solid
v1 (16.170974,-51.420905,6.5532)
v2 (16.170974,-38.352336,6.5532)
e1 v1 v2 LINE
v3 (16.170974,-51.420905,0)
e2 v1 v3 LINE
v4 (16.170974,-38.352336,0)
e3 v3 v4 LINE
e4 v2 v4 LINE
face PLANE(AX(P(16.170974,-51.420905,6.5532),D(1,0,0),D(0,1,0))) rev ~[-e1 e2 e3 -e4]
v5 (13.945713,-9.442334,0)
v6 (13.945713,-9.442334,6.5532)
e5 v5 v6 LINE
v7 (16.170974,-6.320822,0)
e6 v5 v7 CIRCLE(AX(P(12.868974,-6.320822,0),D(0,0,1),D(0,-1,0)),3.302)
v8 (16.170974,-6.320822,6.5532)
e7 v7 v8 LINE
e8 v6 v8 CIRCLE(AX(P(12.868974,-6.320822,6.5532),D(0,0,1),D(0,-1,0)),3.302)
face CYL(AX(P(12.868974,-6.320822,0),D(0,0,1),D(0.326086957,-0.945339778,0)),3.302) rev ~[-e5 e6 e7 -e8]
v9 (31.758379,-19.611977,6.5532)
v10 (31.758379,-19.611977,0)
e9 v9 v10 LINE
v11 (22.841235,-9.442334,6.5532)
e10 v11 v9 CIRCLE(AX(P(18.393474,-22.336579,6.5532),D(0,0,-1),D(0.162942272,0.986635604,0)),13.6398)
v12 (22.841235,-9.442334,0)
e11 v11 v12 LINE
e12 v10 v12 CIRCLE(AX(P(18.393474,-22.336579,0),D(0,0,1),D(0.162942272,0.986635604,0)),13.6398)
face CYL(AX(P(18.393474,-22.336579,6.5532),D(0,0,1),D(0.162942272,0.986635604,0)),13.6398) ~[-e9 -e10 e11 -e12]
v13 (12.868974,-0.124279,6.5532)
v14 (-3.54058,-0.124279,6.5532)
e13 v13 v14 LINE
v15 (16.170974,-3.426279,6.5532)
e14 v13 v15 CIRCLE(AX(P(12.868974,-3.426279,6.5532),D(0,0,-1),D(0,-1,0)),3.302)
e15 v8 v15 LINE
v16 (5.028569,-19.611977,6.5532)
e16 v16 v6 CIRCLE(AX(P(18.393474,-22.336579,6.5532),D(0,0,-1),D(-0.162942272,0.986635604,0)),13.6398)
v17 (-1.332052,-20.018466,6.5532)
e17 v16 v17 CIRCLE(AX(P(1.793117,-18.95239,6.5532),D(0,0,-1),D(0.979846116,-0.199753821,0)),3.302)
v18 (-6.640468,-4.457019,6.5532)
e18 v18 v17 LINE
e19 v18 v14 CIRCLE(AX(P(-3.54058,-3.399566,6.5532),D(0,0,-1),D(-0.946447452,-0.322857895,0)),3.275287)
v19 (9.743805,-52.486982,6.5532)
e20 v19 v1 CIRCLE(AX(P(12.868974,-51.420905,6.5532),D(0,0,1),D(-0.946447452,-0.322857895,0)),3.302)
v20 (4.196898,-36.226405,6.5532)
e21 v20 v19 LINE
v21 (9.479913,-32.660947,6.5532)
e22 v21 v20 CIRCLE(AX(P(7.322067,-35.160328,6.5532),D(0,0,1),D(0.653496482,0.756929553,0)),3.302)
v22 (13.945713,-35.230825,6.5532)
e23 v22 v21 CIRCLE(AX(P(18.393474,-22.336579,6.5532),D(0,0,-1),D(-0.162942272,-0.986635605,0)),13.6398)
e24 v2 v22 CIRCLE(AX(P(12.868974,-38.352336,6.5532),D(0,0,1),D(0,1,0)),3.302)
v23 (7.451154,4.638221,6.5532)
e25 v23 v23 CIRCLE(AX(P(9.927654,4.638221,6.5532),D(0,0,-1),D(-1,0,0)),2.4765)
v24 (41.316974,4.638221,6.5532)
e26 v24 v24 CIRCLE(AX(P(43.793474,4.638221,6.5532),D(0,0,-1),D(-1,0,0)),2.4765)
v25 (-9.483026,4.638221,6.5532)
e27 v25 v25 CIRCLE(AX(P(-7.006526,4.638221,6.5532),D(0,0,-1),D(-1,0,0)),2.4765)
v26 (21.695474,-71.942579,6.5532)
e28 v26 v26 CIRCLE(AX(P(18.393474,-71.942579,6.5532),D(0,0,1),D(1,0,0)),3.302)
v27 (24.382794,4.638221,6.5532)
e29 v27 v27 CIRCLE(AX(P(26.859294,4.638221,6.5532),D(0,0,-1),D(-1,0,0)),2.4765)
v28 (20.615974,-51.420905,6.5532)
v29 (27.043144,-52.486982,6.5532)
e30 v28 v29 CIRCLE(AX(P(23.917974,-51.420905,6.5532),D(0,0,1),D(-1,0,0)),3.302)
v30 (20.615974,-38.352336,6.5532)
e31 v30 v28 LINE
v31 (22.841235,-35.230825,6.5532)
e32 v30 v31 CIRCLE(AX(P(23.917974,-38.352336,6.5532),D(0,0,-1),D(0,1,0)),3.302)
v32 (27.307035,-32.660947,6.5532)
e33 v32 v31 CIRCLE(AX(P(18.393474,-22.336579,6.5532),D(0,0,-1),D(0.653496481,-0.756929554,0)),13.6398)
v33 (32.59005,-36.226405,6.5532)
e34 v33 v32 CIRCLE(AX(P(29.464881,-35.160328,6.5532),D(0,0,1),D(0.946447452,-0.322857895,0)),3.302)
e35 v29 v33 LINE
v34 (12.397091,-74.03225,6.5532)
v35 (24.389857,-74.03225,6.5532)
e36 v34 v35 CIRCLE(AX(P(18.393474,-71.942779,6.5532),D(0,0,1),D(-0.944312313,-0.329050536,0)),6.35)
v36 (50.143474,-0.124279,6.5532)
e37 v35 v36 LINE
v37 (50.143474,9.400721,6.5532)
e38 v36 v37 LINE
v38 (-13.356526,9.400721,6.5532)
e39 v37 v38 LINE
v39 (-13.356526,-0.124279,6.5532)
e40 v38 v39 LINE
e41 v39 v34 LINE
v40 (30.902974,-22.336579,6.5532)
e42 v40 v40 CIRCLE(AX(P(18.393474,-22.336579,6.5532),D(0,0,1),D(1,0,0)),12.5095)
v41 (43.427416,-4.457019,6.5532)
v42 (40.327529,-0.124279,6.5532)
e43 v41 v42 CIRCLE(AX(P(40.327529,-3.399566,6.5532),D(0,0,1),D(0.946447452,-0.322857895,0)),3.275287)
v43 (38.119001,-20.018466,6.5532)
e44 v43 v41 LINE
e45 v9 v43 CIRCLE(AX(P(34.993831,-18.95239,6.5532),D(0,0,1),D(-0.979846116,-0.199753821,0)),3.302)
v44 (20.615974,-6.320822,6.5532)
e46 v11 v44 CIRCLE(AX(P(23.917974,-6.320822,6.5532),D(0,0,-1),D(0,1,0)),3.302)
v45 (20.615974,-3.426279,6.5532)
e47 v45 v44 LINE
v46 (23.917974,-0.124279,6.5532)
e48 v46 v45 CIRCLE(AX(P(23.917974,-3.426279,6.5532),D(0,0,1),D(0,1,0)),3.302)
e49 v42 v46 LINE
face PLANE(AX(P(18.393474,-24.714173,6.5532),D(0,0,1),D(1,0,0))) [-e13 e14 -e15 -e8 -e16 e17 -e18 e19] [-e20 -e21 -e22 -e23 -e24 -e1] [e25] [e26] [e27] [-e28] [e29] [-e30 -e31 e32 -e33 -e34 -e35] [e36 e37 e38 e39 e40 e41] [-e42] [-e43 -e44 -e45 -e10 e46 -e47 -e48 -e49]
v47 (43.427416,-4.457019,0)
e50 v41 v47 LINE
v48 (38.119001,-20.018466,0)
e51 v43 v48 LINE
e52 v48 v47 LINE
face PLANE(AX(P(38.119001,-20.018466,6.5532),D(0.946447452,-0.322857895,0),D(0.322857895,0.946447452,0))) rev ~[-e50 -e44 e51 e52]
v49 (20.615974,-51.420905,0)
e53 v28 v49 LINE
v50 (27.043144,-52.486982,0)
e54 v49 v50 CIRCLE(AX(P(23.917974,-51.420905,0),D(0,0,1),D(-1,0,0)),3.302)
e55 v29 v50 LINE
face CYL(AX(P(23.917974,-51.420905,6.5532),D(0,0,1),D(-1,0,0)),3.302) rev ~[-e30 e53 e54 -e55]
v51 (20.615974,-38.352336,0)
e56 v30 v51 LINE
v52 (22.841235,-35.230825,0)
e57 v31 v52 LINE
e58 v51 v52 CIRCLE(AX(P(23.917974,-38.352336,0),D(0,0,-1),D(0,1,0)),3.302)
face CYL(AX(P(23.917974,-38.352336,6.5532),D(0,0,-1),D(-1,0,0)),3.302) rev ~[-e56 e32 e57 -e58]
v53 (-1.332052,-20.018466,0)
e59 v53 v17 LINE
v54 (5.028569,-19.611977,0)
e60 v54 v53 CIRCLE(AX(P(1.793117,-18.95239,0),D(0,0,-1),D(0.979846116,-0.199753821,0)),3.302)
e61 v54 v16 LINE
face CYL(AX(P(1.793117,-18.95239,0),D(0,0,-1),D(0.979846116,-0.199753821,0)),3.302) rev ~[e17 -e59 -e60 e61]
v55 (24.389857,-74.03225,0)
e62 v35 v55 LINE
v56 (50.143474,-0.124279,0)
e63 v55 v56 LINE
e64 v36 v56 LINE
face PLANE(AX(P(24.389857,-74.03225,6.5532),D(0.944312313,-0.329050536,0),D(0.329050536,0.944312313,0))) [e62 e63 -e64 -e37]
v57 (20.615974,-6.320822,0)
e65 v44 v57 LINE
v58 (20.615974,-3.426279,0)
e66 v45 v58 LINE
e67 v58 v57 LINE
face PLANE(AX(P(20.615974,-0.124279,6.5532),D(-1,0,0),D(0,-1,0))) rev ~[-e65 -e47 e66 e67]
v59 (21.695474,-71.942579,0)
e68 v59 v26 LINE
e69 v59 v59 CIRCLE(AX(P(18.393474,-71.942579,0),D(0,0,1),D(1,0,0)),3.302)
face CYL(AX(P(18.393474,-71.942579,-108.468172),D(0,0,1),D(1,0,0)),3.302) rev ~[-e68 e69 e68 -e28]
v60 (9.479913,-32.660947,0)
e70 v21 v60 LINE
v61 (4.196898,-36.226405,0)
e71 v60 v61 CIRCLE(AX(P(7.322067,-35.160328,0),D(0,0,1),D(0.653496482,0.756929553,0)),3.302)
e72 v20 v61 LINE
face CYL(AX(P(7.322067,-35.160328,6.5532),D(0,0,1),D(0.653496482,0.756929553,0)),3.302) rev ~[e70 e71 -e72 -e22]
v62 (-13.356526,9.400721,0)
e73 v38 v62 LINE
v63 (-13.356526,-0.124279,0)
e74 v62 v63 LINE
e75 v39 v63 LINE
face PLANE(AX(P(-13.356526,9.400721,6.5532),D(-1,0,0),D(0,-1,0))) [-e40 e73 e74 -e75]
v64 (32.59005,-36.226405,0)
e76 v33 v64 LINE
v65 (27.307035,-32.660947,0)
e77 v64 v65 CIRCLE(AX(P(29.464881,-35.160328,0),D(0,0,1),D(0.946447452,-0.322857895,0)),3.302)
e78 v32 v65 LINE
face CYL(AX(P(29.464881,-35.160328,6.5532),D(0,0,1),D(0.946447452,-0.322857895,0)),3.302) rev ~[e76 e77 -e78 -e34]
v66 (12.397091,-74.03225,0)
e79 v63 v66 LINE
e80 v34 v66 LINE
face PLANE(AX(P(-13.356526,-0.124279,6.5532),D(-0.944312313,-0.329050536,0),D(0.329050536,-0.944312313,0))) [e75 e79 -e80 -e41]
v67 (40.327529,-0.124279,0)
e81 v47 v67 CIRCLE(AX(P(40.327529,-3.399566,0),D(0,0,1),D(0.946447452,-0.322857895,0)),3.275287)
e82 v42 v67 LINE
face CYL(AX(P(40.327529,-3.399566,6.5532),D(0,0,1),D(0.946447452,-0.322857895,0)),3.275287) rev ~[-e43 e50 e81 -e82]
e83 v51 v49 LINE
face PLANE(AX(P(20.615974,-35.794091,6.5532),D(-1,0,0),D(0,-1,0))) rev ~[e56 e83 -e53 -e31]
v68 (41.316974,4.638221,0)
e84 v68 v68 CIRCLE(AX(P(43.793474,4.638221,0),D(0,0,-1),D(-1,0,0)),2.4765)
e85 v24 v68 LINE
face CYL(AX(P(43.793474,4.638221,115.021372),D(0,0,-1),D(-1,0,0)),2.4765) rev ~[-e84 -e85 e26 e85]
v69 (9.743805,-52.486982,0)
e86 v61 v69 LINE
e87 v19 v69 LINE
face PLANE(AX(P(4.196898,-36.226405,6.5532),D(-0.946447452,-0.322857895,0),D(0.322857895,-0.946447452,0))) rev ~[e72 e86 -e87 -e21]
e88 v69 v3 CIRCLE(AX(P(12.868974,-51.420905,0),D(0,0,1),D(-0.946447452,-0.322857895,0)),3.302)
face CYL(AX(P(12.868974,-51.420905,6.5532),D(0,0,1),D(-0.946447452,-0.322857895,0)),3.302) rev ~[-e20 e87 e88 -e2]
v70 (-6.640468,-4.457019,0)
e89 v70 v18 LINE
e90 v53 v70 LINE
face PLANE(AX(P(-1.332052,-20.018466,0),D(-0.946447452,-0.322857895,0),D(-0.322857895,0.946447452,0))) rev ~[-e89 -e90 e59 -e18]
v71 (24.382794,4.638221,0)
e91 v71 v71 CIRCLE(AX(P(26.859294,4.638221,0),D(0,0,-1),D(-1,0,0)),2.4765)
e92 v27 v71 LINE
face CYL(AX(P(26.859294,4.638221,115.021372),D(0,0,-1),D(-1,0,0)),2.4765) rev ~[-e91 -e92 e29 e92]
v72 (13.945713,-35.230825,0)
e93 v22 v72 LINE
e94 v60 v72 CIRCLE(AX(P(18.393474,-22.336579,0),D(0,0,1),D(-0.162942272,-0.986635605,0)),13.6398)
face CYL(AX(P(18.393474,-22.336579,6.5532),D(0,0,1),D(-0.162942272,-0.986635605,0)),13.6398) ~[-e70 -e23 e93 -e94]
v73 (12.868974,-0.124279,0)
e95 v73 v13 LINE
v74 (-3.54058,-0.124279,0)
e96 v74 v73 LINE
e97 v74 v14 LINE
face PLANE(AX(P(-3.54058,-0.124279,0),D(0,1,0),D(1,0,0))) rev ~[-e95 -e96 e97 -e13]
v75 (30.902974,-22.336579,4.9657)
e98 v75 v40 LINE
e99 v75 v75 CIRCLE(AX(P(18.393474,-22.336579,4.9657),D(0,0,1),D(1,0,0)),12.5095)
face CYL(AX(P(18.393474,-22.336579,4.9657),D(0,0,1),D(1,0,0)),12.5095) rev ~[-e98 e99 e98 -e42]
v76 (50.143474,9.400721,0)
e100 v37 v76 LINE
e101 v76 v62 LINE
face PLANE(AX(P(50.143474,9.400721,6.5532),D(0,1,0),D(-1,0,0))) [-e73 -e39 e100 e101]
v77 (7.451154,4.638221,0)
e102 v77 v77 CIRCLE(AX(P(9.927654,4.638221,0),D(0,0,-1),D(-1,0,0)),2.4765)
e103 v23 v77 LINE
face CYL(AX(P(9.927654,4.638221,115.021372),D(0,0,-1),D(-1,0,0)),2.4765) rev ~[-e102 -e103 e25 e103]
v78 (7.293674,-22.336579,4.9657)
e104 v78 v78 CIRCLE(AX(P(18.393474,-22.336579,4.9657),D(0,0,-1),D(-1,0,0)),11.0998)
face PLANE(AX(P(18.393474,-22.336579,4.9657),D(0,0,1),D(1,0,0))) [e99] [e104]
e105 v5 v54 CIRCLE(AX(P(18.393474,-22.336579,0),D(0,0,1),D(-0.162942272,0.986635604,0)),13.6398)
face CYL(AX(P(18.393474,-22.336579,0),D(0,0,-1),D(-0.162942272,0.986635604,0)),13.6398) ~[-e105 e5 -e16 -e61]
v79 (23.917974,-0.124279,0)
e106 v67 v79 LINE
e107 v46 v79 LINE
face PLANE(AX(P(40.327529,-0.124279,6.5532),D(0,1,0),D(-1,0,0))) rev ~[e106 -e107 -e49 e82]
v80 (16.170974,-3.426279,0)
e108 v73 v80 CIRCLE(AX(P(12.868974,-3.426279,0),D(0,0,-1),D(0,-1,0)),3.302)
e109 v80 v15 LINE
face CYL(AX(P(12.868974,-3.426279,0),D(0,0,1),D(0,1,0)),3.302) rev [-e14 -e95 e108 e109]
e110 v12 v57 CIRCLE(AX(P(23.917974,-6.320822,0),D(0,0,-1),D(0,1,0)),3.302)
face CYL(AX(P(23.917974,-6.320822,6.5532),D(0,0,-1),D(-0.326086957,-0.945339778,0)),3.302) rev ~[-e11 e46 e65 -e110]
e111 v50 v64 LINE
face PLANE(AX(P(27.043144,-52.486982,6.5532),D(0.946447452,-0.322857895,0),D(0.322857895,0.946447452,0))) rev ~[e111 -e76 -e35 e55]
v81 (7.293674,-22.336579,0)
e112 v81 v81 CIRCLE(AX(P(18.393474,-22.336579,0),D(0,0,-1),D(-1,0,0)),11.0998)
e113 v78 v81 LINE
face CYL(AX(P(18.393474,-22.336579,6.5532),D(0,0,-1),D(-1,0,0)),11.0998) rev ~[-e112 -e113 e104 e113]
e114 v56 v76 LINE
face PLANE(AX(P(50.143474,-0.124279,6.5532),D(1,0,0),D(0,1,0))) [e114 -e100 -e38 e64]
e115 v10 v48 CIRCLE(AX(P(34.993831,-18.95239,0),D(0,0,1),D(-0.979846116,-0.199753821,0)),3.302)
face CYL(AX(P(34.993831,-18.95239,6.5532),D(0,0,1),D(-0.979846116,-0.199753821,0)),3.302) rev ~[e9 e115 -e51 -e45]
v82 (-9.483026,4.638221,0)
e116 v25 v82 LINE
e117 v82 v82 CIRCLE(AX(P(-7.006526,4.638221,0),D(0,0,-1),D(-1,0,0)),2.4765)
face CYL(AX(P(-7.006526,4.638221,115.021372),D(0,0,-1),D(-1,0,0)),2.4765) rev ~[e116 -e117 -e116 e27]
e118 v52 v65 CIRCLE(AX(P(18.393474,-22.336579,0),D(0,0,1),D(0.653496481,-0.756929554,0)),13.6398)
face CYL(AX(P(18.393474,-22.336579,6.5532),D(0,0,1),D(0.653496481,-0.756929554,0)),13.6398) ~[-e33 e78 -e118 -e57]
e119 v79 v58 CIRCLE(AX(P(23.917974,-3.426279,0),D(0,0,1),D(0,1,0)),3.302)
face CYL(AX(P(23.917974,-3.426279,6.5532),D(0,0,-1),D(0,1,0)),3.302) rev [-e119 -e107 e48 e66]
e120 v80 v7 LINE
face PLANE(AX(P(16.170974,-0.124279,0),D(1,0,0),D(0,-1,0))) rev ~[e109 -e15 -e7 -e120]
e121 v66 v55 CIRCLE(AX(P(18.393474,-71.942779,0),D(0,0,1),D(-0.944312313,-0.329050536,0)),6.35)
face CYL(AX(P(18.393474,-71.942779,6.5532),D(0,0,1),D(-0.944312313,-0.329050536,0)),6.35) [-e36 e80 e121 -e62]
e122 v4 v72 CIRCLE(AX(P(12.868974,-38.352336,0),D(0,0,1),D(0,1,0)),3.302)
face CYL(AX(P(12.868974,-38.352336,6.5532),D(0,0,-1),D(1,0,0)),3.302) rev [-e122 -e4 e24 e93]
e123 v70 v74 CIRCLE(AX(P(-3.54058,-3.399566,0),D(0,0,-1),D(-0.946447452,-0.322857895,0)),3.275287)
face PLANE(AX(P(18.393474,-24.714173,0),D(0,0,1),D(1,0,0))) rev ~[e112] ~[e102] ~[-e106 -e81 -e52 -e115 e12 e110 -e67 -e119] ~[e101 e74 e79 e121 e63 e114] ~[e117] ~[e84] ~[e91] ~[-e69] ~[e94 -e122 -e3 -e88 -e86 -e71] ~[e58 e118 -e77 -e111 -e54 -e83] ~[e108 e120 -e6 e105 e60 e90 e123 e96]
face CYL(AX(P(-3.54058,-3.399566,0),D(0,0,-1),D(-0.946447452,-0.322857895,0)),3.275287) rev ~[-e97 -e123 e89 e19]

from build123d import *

# Parameters (mm, degrees)
BOSS_EXTRUDE1_DEPTH     = 6.5532
CUT_EXTRUDE1_DEPTH      = 94.204461666
CUT_EXTRUDE2_DEPTH      = 94.204461666
CUT_EXTRUDE3_DEPTH      = 94.204461666
CUT_EXTRUDE4_DEPTH      = 94.204461666
F_1_4_CLEARANCE_HOLE1_D = 6.604
HOLE1_D                 = 4.953
HOLE2_D                 = 22.1996
HOLE2_CBORE_D           = 25.019
HOLE2_CBORE_DEPTH       = 1.5875
FILLET1_R               = 3.302


with BuildPart() as part:
    # Sketch1 → Boss-Extrude1 (new body)
    with BuildSketch(Plane.XY.offset(6.5532)):
        with BuildLine():
            Line((24.389857327, -74.032249917), (50.14347414, -0.124279011))
            Line((50.14347414, -0.124279011), (50.14347414, 9.400720989))
            Line((50.14347414, 9.400720989), (-13.35652586, 9.400720989))
            Line((-13.35652586, 9.400720989), (-13.35652586, -0.124279011))
            Line((-13.35652586, -0.124279011), (12.397090952, -74.032249917))
            ThreePointArc((12.397090952, -74.032249917), (18.39347414, -78.292779011), (24.389857327, -74.032249917))
        make_face()
    extrude(amount=-BOSS_EXTRUDE1_DEPTH)

    # Sketch2 → Cut-Extrude1 (cut, through all)
    with BuildSketch(Plane.XY.offset(6.5532)):
        with BuildLine():
            Line((20.61597414, -35.794091329), (20.61597414, -51.420905267))
            ThreePointArc((20.61597414, -51.420905267), (23.377652776, -54.67839768), (27.043143627, -52.486982035))
            Line((27.043143627, -52.486982035), (32.590050314, -36.226404888))
            ThreePointArc((32.590050314, -36.226404888), (31.312054869, -32.423331215), (27.307035446, -32.660946735))
            ThreePointArc((27.307035446, -32.660946735), (24.177686628, -34.689191283), (20.61597414, -35.794091329))
        make_face()
    extrude(amount=-CUT_EXTRUDE1_DEPTH, mode=Mode.SUBTRACT)

    # Sketch3 → Cut-Extrude2 (cut, through all)
    with BuildSketch(Plane.XY.offset(6.5532)):
        with BuildLine():
            Line((16.17097414, -51.420905267), (16.17097414, -35.794091329))
            ThreePointArc((16.17097414, -35.794091329), (12.609261651, -34.689191283), (9.479912834, -32.660946735))
            ThreePointArc((9.479912834, -32.660946735), (5.47489341, -32.423331215), (4.196897965, -36.226404888))
            Line((4.196897965, -36.226404888), (9.743804652, -52.486982035))
            ThreePointArc((9.743804652, -52.486982035), (13.409295504, -54.67839768), (16.17097414, -51.420905267))
        make_face()
    extrude(amount=-CUT_EXTRUDE2_DEPTH, mode=Mode.SUBTRACT)

    # Sketch4 → Cut-Extrude3 (cut, through all)
    with BuildSketch(Plane.XY.offset(6.5532)):
        with BuildLine():
            Line((38.119000553, -20.018466488), (43.427416008, -4.457018658))
            ThreePointArc((43.427416008, -4.457018658), (42.991263585, -1.493779513), (40.327528698, -0.124279011))
            Line((40.327528698, -0.124279011), (20.61597414, -0.124279011))
            Line((20.61597414, -0.124279011), (20.61597414, -8.879066693))
            ThreePointArc((20.61597414, -8.879066693), (27.856065704, -12.512959264), (31.758379191, -19.611976838))
            ThreePointArc((31.758379191, -19.611976838), (34.783239019, -22.2476674), (38.119000553, -20.018466488))
        make_face()
    extrude(amount=-CUT_EXTRUDE3_DEPTH, mode=Mode.SUBTRACT)

    # Sketch5 → Cut-Extrude4 (cut, through all)
    with BuildSketch(Plane(origin=(0, 0, 0), x_dir=(-1, 0, 0), z_dir=(0, 0, -1))):
        with BuildLine():
            Line((1.332052274, -20.018466488), (6.640467729, -4.457018658))
            ThreePointArc((6.640467729, -4.457018658), (6.204315306, -1.493779513), (3.540580419, -0.124279011))
            Line((3.540580419, -0.124279011), (-16.17097414, -0.124279011))
            Line((-16.17097414, -0.124279011), (-16.17097414, -8.879066693))
            ThreePointArc((-16.17097414, -8.879066693), (-8.930882576, -12.512959264), (-5.028569088, -19.611976838))
            ThreePointArc((-5.028569088, -19.611976838), (-2.00370926, -22.2476674), (1.332052274, -20.018466488))
        make_face()
    extrude(amount=-CUT_EXTRUDE4_DEPTH, mode=Mode.SUBTRACT)

    # 1/4 Clearance Hole1 (through all)
    with Locations(Plane(origin=(0, 0, 0), x_dir=(-1, 0, 0), z_dir=(0, 0, -1))):
        with Locations((-18.39347414, -71.942579011)):
            Hole(F_1_4_CLEARANCE_HOLE1_D / 2)

    # Hole1 (through all)
    with Locations(Plane.XY.offset(6.5532)):
        with Locations((9.92765366, 4.638220989), (26.85929426, 4.638220989), (-7.00652586, 4.638220989), (43.79347426, 4.638220989)):
            Hole(HOLE1_D / 2)

    # Hole2 (through all)
    with Locations(Plane.XY.offset(6.5532)):
        with Locations((18.39347414, -22.336579011)):
            CounterBoreHole(HOLE2_D / 2, HOLE2_CBORE_D / 2, HOLE2_CBORE_DEPTH)

    # Fillet1
    fillet1_edges = [part.edges().sort_by_distance(p)[0] for p in [
        (20.61597414, -35.794091329, 3.2766),
        (16.17097414, -35.794091329, 3.2766),
        (20.61597414, -8.879066693, 3.2766),
        (20.61597414, -0.124279011, 3.2766),
        (16.17097414, -8.879066693, 3.2766),
        (16.17097414, -0.124279011, 3.2766),
    ]]
    fillet(fillet1_edges, radius=FILLET1_R)


solid = part.part
